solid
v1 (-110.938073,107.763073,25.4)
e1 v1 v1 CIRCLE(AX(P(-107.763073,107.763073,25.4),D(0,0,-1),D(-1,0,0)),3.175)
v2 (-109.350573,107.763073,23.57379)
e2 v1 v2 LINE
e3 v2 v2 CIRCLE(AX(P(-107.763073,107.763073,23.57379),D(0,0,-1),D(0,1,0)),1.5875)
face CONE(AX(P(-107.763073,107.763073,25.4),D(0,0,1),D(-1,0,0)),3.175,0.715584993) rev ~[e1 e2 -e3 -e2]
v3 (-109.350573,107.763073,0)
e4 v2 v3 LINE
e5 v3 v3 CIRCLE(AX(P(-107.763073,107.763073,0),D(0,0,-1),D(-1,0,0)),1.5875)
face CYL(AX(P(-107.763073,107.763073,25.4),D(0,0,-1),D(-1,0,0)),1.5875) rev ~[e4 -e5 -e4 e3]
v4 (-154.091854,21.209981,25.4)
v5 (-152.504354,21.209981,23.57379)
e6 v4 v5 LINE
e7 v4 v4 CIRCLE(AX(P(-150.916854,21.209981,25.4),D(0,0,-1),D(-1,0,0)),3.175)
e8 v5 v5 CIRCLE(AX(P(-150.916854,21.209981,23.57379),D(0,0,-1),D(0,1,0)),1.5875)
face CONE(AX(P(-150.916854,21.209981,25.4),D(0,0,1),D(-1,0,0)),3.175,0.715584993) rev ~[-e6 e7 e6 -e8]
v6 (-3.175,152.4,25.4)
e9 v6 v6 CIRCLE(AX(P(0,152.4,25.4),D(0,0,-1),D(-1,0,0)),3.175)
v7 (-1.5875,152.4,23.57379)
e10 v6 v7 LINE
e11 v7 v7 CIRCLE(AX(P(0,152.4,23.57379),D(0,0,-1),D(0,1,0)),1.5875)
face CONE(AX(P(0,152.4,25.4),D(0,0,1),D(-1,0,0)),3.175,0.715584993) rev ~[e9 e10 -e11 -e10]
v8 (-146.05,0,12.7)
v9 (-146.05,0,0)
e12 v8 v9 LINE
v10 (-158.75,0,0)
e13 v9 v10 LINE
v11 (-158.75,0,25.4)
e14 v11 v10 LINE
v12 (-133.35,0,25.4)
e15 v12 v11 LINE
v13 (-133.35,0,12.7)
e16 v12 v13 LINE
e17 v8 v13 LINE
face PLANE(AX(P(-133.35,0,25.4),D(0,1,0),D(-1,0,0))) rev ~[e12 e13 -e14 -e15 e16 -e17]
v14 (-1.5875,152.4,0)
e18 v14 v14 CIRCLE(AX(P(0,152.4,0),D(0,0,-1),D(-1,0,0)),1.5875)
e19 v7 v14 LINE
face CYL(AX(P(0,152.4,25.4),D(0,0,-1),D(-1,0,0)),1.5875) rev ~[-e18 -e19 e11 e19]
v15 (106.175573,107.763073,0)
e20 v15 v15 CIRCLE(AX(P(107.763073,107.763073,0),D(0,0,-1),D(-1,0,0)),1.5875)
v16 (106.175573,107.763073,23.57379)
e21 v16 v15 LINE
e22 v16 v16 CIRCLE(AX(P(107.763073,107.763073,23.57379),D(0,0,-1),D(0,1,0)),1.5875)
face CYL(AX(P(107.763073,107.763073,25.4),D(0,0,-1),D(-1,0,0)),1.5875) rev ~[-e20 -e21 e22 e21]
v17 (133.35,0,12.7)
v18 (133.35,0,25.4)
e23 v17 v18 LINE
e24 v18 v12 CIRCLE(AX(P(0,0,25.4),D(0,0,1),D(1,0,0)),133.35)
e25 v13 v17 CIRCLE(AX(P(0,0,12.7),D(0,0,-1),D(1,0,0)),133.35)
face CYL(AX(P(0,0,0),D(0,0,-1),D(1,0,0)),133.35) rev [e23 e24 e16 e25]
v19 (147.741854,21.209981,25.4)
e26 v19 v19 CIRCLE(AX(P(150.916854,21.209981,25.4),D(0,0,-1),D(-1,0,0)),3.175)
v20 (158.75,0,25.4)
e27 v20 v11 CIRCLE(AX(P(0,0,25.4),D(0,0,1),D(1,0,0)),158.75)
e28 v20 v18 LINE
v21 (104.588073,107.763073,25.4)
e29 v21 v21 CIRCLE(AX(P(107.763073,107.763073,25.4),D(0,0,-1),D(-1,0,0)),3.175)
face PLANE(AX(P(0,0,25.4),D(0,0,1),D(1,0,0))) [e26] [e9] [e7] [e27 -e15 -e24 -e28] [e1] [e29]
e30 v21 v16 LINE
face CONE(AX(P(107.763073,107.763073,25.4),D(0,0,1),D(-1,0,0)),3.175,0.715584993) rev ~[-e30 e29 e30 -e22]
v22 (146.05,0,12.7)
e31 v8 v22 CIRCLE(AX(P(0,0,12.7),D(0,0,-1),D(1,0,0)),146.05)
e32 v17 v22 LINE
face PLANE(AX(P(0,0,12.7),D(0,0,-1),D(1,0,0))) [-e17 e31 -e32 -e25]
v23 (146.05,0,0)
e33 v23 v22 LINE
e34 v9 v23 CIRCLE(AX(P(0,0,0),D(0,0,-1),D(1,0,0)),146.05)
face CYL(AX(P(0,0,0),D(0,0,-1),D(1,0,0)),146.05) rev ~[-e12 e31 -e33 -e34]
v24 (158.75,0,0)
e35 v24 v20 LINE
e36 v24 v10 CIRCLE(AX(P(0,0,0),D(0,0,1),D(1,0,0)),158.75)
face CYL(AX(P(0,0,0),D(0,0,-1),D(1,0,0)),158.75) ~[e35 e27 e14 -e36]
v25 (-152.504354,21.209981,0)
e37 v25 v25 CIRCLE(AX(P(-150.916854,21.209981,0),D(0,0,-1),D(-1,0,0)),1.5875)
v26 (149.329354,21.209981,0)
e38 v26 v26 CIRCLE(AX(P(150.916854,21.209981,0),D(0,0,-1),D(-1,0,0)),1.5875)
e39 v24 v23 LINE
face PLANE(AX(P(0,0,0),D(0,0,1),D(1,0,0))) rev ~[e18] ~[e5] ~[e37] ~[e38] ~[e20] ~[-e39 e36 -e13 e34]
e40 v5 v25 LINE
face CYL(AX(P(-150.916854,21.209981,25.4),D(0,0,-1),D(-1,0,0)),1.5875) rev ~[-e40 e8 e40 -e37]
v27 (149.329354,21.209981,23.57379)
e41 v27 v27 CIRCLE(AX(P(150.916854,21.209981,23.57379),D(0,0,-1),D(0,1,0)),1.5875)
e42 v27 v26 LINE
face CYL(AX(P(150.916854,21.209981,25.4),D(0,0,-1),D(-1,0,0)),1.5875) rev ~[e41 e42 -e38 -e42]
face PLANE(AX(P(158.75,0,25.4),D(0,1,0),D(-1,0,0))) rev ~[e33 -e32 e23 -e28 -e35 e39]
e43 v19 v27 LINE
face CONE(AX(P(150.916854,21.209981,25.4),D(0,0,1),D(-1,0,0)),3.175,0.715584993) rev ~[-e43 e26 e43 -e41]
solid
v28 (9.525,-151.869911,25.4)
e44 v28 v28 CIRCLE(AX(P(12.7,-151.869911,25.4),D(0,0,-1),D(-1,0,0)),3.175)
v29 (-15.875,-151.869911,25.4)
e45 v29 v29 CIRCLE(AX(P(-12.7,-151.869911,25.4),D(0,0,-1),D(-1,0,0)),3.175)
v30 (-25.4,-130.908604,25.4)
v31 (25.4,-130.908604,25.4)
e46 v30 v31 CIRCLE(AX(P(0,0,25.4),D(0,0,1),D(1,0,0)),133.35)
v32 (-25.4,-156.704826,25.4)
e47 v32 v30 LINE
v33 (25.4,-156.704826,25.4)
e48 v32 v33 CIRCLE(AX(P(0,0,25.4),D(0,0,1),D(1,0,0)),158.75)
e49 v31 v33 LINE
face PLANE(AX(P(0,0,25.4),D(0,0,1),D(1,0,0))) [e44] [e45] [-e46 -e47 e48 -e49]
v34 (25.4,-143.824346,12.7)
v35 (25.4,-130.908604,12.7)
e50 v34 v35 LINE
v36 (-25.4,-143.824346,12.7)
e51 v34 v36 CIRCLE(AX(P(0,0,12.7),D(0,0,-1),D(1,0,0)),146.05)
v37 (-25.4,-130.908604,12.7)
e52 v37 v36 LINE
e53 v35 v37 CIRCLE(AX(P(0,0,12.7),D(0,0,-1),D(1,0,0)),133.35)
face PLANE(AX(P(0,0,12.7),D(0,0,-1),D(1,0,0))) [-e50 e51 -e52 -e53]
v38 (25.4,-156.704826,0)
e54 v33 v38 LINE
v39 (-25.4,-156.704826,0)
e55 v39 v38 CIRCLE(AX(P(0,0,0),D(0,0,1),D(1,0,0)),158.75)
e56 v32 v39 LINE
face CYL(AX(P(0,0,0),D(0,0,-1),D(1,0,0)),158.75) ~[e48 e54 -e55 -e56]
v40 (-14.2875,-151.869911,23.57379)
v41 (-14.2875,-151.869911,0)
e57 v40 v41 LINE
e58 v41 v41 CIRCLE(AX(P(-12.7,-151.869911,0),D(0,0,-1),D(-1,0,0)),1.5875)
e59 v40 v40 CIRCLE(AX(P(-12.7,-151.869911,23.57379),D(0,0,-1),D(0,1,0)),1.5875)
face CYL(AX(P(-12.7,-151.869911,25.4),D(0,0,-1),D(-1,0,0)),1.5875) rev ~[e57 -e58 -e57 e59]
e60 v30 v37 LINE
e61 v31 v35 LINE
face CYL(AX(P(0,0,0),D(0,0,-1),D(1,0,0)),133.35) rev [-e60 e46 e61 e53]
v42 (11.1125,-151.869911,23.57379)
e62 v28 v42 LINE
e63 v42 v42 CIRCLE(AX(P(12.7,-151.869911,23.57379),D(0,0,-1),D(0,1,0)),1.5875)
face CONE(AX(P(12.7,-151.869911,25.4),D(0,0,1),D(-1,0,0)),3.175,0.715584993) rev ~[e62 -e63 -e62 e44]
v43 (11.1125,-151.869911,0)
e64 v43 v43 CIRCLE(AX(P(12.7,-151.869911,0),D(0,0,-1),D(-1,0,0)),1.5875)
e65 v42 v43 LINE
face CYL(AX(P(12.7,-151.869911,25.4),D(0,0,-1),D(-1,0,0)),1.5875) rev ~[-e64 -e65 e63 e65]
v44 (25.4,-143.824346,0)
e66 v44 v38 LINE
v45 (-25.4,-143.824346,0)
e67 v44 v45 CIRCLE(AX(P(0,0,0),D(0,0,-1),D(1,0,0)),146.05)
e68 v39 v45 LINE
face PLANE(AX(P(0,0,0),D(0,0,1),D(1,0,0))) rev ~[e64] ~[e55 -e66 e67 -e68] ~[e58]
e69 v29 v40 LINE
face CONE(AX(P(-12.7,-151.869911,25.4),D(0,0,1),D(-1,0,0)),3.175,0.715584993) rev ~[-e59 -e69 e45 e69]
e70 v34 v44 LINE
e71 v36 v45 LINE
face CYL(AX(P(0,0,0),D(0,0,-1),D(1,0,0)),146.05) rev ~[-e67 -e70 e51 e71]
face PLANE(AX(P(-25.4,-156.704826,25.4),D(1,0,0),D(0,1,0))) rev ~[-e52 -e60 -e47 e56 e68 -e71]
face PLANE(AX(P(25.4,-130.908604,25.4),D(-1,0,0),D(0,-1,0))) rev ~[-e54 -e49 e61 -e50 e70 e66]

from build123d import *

# Parameters (mm, degrees)
F0_R           = 158.75
F0_R_2         = 133.35
F1_DEPTH       = 25.4
F2_R           = 146.05
F2_R_2         = 133.35
F3_DEPTH       = 12.7
F5_DEPTH       = 25.401
F7_D           = 3.175
F7_DEPTH       = 31.75
F7_CSINK_D     = 6.35
F7_CSINK_ANGLE = 82
F7_TIP         = 0.9538662327


with BuildPart() as f1:
    # F0 (on Top) → F1 (new body)
    with BuildSketch(Plane.XY):
        Circle(F0_R)
        Circle(F0_R_2, mode=Mode.SUBTRACT)
    extrude(amount=F1_DEPTH)

    # F2 (on face) → F3 (cut)
    with BuildSketch(Plane(origin=(0, 0, 0), x_dir=(1, 0, 0), z_dir=(0, 0, -1))):
        Circle(F2_R)
        Circle(F2_R_2, mode=Mode.SUBTRACT)
    extrude(amount=-F3_DEPTH, mode=Mode.SUBTRACT)

    # F4 (on face) → F5 (cut, through all)
    with BuildSketch(Plane.XY.offset(25.4)):
        with BuildLine():
            Line((158.75, 0), (133.35, 0))
            ThreePointArc((133.35, 0), (102.8817585872, -84.8384715209), (25.4, -130.9086036134))
            Line((25.4, -130.9086036134), (25.4, -156.7048260265))
            ThreePointArc((25.4, -156.7048260265), (120.9003980556, -102.8817585872), (158.75, 0))
        make_face()
        with BuildLine():
            ThreePointArc((-25.4, -130.9086036134), (-102.8817585872, -84.8384715209), (-133.35, 0))
            Line((-133.35, 0), (-158.75, 0))
            ThreePointArc((-158.75, 0), (-120.9003980556, -102.8817585872), (-25.4, -156.7048260265))
            Line((-25.4, -156.7048260265), (-25.4, -130.9086036134))
        make_face()
    extrude(amount=-F5_DEPTH, mode=Mode.SUBTRACT)

    # F7
    with Locations(Plane.XY.offset(25.4)):
        with Locations((-150.9168536762, 21.2099805863), (-107.7630734528, 107.7630734528), (0, 152.4), (107.7630734528, 107.7630734528), (150.9168536762, 21.2099805863), (-12.7, -151.8699114374), (12.7, -151.8699114374)):
            CounterSinkHole(F7_D / 2, F7_CSINK_D / 2, depth=F7_DEPTH, counter_sink_angle=F7_CSINK_ANGLE)
            with Locations((0, 0, -(F7_DEPTH + F7_TIP / 2))):  # 118° drill point
                Cone(0, F7_D / 2, F7_TIP, mode=Mode.SUBTRACT)


solid = f1.part
